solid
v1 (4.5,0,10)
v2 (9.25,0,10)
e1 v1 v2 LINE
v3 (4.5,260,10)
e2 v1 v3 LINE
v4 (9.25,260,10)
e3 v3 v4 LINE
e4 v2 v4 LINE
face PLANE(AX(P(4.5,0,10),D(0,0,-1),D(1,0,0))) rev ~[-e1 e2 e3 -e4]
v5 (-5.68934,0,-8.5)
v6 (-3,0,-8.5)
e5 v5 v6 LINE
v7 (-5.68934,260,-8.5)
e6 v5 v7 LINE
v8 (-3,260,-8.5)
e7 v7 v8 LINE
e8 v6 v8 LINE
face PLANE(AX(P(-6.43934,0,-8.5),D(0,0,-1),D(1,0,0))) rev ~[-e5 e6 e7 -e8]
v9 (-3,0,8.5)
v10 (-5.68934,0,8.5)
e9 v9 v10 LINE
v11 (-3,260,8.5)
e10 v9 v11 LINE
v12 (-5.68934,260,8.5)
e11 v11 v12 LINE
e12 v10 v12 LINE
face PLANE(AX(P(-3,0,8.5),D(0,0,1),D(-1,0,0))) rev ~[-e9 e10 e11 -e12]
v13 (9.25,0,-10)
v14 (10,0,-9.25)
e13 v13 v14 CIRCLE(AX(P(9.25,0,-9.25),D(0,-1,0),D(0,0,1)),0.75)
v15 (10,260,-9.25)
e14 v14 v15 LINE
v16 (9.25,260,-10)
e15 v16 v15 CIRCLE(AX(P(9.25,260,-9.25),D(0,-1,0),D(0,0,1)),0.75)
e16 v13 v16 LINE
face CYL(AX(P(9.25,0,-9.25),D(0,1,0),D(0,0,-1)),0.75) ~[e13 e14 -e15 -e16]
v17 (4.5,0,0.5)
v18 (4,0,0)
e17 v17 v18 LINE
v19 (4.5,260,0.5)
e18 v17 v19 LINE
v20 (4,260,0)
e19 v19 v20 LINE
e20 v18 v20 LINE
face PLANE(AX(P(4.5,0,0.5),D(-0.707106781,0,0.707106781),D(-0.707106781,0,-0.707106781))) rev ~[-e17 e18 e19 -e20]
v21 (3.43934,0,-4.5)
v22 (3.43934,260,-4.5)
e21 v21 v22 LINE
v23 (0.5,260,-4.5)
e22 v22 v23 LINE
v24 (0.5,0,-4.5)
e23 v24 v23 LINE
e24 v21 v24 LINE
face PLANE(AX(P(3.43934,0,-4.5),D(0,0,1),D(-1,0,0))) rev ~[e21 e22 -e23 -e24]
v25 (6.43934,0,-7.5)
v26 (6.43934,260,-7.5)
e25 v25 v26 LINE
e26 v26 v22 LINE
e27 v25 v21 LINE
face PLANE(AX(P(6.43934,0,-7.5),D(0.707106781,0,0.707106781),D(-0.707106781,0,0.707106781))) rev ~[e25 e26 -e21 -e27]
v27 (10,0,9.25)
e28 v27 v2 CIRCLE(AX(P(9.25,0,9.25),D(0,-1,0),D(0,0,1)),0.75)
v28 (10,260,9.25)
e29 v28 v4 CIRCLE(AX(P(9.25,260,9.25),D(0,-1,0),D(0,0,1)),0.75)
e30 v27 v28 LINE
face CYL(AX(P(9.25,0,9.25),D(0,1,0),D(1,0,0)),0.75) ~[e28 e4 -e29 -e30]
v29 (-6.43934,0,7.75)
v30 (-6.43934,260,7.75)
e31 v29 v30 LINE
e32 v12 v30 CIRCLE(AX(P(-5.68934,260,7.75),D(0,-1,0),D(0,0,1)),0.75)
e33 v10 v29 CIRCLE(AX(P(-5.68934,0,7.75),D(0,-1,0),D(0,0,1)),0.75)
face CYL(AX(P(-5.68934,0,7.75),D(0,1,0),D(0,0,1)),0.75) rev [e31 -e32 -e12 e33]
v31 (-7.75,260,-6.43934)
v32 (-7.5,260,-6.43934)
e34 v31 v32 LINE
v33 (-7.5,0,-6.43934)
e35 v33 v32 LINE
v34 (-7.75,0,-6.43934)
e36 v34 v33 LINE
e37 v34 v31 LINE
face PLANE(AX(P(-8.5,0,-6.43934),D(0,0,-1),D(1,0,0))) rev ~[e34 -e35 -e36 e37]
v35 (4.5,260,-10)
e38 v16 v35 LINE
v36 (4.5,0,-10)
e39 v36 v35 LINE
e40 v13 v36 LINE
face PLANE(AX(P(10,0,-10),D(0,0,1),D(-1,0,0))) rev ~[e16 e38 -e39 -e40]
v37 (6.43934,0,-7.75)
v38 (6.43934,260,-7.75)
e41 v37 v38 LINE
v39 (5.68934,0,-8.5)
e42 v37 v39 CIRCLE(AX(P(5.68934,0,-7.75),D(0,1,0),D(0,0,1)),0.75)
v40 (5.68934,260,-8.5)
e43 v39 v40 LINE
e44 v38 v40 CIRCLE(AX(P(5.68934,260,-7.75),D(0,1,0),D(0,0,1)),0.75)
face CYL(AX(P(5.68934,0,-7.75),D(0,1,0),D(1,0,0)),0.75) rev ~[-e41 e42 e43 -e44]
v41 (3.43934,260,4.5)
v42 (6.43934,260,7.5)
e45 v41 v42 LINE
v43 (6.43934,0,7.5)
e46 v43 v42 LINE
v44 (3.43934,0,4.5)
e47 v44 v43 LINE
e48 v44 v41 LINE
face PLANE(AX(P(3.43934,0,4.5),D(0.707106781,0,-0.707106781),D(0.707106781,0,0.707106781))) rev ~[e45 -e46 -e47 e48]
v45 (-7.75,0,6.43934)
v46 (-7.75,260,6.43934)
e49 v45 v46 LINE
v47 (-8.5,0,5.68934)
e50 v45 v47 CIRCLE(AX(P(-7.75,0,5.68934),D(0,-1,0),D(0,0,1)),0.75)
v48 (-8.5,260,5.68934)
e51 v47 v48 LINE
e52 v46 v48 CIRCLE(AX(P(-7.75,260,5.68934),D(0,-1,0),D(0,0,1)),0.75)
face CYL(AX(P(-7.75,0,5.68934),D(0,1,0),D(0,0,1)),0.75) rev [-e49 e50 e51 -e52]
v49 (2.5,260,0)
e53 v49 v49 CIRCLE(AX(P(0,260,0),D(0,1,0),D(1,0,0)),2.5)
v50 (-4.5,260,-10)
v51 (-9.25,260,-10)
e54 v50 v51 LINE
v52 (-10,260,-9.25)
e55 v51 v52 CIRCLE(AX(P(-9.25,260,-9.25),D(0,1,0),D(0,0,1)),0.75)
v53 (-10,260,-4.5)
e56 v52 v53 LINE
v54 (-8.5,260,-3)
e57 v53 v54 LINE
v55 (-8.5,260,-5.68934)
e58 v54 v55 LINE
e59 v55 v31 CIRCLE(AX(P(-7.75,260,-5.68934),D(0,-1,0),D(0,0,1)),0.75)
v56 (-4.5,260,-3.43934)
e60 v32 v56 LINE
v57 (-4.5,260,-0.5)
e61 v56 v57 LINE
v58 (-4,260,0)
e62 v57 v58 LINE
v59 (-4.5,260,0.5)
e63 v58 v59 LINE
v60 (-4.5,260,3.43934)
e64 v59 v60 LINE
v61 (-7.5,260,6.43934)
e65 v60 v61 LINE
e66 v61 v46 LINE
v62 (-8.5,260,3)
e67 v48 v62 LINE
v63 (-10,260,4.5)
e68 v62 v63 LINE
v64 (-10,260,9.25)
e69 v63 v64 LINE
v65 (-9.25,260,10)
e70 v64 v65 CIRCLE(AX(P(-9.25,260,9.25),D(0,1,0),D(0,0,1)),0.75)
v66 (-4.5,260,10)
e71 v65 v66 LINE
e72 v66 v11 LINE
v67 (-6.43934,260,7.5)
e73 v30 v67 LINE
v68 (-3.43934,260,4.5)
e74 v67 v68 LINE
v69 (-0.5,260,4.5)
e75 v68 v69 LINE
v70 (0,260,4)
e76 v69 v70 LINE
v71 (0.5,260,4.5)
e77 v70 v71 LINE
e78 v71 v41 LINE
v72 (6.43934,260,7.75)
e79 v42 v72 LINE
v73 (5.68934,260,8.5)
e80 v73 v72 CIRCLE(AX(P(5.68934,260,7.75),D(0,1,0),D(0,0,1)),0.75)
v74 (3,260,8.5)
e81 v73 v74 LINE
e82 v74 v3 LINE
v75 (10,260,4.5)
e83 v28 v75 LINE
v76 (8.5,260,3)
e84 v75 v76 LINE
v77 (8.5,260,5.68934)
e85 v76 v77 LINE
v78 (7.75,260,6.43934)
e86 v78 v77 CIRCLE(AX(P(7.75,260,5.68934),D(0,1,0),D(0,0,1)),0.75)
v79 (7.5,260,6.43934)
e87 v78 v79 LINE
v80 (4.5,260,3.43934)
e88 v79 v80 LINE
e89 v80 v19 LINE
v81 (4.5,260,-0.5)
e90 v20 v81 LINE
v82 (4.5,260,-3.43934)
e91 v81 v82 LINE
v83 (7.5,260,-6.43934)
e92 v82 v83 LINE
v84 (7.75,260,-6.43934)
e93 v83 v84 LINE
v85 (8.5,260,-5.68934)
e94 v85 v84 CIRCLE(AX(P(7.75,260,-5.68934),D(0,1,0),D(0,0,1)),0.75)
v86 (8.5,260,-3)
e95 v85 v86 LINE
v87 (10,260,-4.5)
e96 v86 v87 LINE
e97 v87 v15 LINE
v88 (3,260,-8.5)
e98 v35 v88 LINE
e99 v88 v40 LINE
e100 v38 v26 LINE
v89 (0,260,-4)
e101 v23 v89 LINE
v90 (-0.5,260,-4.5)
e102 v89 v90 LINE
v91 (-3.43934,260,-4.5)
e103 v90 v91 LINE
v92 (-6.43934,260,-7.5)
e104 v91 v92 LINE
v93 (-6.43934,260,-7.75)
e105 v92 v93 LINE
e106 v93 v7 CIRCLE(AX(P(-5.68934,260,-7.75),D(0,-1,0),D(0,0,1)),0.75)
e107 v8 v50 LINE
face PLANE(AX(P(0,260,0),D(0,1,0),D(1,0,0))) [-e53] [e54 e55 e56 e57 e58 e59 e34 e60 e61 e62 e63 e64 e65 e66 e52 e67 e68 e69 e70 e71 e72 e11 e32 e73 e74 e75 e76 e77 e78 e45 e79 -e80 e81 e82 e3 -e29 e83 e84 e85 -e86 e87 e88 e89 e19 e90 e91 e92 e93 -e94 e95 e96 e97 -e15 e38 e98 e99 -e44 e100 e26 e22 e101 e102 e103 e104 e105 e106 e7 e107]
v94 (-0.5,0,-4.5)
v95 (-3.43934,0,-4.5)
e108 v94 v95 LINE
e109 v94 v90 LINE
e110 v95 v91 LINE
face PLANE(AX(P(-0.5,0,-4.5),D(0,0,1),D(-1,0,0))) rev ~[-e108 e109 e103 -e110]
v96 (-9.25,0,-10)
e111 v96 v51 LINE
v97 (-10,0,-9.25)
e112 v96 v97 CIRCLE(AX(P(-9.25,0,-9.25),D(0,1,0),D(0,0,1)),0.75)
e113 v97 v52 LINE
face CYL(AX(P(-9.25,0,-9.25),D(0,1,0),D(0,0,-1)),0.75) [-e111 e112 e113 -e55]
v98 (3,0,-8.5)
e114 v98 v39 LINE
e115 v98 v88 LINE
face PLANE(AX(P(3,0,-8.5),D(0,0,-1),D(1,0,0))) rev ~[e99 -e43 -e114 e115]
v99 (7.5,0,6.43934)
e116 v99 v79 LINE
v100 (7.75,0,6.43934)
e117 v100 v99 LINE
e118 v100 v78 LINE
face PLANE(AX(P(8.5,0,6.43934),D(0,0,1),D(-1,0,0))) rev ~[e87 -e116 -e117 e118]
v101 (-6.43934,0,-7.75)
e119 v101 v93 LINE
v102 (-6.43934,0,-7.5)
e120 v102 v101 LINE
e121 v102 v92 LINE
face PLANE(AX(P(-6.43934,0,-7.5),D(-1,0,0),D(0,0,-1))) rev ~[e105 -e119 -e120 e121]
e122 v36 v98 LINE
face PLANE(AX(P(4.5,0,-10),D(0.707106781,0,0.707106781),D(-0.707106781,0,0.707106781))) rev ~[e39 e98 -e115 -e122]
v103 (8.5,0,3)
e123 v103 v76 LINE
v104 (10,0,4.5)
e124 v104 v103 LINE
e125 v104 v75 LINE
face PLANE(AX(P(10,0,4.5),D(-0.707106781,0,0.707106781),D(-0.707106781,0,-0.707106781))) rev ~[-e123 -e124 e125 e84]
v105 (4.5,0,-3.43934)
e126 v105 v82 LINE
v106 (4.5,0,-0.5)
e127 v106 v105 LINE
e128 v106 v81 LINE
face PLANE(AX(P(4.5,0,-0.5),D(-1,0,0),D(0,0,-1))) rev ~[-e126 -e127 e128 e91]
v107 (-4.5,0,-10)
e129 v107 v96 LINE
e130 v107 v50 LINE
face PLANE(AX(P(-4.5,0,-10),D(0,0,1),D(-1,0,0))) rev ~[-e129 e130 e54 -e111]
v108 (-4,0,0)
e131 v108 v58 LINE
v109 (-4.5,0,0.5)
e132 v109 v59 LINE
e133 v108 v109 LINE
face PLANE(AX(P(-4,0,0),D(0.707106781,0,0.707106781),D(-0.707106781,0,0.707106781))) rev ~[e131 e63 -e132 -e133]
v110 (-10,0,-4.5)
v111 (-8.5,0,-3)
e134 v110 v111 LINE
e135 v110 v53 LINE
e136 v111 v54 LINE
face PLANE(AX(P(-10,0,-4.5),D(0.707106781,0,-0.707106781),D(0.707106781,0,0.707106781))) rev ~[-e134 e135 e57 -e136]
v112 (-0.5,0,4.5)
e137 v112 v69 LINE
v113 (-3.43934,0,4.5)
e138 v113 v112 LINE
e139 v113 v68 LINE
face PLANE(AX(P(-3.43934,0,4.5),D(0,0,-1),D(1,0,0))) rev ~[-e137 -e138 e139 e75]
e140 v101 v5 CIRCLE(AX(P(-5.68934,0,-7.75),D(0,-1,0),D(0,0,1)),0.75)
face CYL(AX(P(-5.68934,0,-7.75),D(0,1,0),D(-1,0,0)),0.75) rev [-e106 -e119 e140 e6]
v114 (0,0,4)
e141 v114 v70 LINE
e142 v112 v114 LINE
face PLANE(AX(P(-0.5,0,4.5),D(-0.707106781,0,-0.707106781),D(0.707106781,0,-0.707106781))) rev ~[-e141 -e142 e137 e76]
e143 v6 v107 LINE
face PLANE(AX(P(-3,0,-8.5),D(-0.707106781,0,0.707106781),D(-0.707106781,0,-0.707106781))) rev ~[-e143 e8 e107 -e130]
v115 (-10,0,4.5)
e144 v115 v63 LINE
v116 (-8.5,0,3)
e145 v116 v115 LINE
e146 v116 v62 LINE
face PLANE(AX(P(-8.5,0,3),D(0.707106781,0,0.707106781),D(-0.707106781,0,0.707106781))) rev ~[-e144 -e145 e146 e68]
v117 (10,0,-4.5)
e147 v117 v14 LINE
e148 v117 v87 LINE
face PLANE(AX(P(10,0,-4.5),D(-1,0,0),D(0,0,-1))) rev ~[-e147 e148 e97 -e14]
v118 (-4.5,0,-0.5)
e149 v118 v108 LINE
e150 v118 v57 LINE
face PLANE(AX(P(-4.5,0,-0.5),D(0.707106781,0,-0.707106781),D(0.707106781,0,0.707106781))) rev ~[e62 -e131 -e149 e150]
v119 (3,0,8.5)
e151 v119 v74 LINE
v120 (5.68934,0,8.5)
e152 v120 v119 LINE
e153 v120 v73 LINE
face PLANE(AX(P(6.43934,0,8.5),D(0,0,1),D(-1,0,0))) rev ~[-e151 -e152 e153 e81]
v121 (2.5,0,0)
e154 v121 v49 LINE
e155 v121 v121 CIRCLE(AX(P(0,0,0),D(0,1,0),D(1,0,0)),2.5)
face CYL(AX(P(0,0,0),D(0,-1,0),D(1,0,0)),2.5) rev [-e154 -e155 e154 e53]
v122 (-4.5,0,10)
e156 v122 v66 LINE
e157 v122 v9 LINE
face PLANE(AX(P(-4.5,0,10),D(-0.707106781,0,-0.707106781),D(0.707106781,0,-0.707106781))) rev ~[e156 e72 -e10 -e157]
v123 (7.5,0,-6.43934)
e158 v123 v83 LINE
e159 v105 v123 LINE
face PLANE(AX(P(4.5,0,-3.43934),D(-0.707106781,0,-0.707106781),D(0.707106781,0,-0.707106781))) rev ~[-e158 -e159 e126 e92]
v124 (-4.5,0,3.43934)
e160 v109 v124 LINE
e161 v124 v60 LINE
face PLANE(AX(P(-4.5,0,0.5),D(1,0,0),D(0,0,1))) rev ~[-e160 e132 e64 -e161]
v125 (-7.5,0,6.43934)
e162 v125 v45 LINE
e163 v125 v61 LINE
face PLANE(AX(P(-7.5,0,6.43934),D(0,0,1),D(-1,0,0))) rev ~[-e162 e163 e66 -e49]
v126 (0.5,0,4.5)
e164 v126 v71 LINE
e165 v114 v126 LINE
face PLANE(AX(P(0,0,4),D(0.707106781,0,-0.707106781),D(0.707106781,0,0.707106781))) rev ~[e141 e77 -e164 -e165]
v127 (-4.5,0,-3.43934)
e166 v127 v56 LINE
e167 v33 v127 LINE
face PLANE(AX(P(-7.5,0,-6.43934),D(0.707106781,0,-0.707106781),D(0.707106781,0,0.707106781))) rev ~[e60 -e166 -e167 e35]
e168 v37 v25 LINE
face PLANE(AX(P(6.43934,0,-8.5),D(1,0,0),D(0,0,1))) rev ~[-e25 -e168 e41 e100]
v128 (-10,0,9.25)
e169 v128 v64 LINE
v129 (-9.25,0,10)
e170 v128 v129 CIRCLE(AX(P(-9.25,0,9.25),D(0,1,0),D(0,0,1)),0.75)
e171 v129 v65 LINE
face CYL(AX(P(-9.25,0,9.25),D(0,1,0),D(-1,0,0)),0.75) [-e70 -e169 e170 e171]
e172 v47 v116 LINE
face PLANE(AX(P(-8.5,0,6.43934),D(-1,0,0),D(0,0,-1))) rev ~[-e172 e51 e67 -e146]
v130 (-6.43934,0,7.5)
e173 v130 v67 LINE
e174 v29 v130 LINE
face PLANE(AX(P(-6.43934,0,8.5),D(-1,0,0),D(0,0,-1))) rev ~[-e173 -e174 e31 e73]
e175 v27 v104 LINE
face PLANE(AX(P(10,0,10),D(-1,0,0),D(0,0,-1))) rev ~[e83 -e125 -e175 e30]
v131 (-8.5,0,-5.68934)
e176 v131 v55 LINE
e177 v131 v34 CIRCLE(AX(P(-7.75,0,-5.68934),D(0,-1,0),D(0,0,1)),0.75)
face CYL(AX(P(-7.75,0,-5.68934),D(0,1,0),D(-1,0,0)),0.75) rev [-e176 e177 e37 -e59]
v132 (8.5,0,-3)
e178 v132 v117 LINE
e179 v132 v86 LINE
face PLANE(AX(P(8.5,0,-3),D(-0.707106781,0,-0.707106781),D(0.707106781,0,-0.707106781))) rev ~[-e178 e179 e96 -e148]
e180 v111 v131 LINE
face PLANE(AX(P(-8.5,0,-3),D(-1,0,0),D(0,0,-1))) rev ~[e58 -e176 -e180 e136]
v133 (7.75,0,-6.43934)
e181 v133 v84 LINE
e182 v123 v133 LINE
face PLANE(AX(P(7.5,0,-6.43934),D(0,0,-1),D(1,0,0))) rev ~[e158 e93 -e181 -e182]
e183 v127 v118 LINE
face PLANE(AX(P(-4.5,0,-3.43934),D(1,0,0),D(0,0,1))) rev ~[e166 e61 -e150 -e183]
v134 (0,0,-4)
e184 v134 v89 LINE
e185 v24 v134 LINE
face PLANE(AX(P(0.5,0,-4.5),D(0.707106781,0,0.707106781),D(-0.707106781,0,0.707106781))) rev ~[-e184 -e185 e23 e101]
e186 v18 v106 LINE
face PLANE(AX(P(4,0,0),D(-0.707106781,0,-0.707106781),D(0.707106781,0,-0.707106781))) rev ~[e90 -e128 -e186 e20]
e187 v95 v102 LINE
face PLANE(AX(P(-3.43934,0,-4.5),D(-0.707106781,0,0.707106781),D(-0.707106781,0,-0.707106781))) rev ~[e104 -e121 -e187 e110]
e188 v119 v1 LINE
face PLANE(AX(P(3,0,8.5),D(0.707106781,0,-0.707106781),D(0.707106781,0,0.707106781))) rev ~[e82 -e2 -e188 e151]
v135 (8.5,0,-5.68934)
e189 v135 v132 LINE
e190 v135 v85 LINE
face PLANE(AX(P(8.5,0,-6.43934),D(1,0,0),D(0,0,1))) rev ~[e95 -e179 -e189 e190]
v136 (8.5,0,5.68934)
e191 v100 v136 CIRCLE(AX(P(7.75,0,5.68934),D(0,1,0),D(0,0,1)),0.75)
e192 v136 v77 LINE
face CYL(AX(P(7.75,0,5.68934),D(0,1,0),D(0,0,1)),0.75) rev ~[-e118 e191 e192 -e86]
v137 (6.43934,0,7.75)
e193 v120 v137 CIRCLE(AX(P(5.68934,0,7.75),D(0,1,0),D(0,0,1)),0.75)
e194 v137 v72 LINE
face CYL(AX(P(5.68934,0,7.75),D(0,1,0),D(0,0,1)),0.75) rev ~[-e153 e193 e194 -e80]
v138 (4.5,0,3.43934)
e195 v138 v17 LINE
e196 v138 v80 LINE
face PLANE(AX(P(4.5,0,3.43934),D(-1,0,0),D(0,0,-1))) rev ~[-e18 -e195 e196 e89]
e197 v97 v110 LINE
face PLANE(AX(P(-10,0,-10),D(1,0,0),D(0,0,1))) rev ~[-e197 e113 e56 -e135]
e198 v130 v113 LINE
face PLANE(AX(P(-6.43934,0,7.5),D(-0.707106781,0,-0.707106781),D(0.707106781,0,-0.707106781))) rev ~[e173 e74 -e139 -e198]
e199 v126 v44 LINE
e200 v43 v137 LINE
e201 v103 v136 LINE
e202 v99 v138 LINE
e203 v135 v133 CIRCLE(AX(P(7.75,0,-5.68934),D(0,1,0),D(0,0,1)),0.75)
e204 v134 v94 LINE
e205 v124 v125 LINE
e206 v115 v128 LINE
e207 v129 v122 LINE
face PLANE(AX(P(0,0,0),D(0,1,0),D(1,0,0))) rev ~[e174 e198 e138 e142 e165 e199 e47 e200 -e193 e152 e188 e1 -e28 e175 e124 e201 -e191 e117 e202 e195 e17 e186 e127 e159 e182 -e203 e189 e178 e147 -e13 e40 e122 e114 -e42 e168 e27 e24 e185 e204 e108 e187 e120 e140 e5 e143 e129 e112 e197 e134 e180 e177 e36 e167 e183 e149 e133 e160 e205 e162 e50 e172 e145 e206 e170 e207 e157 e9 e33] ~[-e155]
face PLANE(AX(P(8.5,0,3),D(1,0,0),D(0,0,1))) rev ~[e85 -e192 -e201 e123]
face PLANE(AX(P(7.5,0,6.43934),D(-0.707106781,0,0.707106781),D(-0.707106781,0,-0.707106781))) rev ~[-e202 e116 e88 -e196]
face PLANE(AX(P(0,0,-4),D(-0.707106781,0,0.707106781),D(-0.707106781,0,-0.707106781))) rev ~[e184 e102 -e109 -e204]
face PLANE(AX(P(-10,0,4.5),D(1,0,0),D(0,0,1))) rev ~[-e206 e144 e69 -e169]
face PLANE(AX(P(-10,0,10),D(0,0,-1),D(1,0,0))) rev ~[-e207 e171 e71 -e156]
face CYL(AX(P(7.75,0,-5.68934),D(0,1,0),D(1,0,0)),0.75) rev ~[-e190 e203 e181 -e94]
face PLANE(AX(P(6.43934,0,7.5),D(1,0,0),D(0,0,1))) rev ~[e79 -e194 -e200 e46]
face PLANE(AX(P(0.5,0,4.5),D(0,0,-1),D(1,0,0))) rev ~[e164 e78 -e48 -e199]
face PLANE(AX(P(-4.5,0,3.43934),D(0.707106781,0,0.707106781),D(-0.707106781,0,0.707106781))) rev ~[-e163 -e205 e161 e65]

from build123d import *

# Parameters (mm, degrees)
ESQUISSE1_R      = 2.5
EXTRUSION1_DEPTH = 260
CONG_1_R         = 0.75


with BuildPart() as part:
    # Esquisse1 → Extrusion1 (new body)
    with BuildSketch(Plane(origin=(0, 0, 0), x_dir=(1, 0, 0), z_dir=(0, 1, 0))):
        Polygon((0, 4), (-0.5, 4.5), (-3.439339828, 4.5), (-6.439339828, 7.5), (-6.439339828, 8.5), (-3, 8.5), (-4.5, 10), (-10, 10), (-10, 4.5), (-8.5, 3), (-8.5, 6.439339828), (-7.5, 6.439339828), (-4.5, 3.439339828), (-4.5, 0.5), (-4, 0), (-4.5, -0.5), (-4.5, -3.439339828), (-7.5, -6.439339828), (-8.5, -6.439339828), (-8.5, -3), (-10, -4.5), (-10, -10), (-4.5, -10), (-3, -8.5), (-6.439339828, -8.5), (-6.439339828, -7.5), (-3.439339828, -4.5), (-0.5, -4.5), (0, -4), (0.5, -4.5), (3.439339828, -4.5), (6.439339828, -7.5), (6.439339828, -8.5), (3, -8.5), (4.5, -10), (10, -10), (10, -4.5), (8.5, -3), (8.5, -6.439339828), (7.5, -6.439339828), (4.5, -3.439339828), (4.5, -0.5), (4, 0), (4.5, 0.5), (4.5, 3.439339828), (7.5, 6.439339828), (8.5, 6.439339828), (8.5, 3), (10, 4.5), (10, 10), (4.5, 10), (3, 8.5), (6.439339828, 8.5), (6.439339828, 7.5), (3.439339828, 4.5), (0.5, 4.5), align=None)
        Circle(ESQUISSE1_R, mode=Mode.SUBTRACT)
    extrude(amount=EXTRUSION1_DEPTH)

    # Congé1
    cong_1_edges = [part.edges().sort_by_distance(p)[0] for p in [
        (6.439339828, 130, -8.5),
        (10, 130, -10),
        (8.5, 130, -6.439339828),
        (8.5, 130, 6.439339828),
        (10, 130, 10),
        (6.439339828, 130, 8.5),
        (-6.439339828, 130, 8.5),
        (-10, 130, 10),
        (-8.5, 130, 6.439339828),
        (-8.5, 130, -6.439339828),
        (-10, 130, -10),
        (-6.439339828, 130, -8.5),
    ]]
    fillet(cong_1_edges, radius=CONG_1_R)


solid = part.part
